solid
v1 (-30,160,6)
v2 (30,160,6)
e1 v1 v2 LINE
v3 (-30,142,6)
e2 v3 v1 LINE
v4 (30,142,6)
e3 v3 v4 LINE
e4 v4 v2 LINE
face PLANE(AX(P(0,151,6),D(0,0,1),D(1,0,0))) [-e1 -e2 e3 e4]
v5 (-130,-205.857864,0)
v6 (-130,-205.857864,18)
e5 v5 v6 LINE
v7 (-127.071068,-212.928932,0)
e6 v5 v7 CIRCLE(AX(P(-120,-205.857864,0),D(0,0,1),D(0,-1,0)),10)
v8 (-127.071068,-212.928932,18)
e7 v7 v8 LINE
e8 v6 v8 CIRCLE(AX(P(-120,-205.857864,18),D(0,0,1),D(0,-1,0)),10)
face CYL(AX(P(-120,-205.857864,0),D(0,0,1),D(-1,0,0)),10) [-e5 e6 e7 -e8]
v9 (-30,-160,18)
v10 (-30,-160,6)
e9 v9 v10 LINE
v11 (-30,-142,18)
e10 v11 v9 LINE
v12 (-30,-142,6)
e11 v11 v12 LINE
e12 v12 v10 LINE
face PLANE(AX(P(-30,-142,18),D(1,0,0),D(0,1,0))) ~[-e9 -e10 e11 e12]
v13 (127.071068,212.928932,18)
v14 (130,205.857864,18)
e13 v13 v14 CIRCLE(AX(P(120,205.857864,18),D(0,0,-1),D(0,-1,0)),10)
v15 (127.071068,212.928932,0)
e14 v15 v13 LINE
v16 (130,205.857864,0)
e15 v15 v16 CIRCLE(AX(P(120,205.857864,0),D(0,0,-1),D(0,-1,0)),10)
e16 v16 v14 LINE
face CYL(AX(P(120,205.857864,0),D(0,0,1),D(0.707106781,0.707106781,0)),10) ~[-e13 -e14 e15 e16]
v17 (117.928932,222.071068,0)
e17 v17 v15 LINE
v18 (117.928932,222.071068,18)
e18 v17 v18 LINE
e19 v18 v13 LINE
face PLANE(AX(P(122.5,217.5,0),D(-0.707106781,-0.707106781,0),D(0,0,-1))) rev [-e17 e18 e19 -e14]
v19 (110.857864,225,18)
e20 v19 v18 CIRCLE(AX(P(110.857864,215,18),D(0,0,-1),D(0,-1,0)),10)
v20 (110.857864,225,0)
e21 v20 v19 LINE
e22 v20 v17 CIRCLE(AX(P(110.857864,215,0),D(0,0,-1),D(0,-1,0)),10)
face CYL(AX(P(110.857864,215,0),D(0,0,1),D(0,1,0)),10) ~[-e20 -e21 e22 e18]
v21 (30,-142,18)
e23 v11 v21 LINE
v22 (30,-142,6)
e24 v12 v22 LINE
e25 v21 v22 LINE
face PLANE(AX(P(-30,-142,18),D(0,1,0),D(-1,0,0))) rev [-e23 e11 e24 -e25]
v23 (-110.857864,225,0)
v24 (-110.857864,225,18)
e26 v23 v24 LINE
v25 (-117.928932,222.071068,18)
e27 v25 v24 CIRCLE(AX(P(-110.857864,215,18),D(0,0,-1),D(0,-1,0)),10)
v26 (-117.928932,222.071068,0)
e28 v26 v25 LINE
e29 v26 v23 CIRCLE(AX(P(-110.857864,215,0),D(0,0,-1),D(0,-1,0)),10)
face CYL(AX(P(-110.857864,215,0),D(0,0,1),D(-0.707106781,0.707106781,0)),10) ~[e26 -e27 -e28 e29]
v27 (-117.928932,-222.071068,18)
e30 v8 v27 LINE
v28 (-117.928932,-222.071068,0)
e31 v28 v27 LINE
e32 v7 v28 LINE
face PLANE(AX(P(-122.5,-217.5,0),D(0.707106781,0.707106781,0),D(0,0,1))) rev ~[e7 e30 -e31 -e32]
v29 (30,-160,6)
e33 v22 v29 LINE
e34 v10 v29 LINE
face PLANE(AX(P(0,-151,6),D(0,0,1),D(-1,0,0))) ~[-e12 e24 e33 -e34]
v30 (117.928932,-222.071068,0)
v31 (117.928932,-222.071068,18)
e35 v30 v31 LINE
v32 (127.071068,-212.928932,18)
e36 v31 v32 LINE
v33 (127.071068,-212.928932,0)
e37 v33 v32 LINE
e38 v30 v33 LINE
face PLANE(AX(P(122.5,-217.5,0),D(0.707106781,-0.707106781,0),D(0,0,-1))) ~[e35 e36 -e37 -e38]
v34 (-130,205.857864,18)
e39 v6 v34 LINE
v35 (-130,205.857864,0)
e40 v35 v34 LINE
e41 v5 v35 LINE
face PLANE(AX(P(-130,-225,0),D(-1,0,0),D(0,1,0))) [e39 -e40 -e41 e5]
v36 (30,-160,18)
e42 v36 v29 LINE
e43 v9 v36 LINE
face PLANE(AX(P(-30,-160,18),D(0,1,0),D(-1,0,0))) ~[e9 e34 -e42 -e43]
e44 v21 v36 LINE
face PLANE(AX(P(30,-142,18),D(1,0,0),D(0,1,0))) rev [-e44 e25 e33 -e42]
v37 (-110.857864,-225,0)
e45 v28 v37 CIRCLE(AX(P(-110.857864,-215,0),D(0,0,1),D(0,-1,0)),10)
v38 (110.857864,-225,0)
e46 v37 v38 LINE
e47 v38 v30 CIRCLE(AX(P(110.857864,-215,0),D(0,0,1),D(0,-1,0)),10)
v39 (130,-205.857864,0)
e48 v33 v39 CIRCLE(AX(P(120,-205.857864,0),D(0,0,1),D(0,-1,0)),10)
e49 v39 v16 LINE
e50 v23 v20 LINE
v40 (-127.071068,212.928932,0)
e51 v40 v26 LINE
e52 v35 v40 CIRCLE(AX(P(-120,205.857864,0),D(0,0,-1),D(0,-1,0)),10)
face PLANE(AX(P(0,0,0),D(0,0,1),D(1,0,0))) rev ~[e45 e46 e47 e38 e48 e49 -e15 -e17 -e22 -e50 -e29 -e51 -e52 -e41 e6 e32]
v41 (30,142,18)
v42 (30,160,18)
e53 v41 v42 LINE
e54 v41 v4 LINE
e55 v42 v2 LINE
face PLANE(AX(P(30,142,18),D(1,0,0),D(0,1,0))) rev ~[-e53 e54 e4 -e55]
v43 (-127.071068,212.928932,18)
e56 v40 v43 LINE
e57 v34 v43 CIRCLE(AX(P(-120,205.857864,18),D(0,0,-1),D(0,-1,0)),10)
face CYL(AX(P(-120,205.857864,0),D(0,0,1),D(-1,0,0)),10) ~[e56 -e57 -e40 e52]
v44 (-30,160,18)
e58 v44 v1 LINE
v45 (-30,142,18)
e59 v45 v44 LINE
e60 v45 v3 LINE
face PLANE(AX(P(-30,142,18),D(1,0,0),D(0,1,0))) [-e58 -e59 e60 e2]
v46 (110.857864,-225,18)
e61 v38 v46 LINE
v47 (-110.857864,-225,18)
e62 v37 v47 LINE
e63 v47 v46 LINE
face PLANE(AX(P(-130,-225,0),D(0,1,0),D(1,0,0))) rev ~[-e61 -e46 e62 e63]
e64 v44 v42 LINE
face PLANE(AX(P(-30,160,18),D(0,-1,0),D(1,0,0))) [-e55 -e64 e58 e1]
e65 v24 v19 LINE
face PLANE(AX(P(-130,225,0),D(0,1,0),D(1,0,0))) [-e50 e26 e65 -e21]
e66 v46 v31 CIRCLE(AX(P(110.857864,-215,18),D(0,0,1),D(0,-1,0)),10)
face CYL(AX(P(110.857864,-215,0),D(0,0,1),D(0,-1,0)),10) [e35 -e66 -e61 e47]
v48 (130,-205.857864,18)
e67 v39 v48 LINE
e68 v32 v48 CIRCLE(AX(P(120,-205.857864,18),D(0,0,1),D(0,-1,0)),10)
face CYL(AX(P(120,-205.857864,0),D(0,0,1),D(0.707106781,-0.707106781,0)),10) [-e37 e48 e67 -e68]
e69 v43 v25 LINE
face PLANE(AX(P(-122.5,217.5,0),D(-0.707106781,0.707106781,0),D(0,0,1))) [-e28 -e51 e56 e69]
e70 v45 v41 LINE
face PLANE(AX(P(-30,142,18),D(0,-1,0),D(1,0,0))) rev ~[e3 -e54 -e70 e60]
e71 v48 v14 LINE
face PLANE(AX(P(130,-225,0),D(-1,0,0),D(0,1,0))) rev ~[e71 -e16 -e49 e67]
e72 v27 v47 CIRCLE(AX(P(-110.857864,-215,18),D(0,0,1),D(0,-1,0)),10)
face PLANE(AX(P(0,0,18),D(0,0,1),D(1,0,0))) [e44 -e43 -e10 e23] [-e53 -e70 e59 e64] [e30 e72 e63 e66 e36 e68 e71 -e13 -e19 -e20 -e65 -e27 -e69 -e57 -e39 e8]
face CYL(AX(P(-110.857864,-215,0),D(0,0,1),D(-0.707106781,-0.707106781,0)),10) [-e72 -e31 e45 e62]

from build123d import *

# Parameters (mm, degrees)
SKETCH_W     = 260
SKETCH_H     = 450
PAD_DEPTH    = 18
SKETCH001_W  = 60
SKETCH001_H  = 18
POCKET_DEPTH = 12
CHAMFER_SIZE = 15
FILLET_R     = 10


with BuildPart() as part:
    # Sketch → Pad (new body)
    with BuildSketch(Plane.XY):
        Rectangle(SKETCH_W, SKETCH_H)
    extrude(amount=PAD_DEPTH)

    # Sketch001 → Pocket (cut)
    with BuildSketch(Plane.XY.offset(18)):
        with Locations((0, 151)):
            Rectangle(SKETCH001_W, SKETCH001_H)
    pocket = extrude(amount=-POCKET_DEPTH, mode=Mode.SUBTRACT)

    # Mirrored: Pocket across Sketch001 H_Axis
    add(pocket.mirror(Plane(origin=(0, 0, 18), x_dir=(0, 0, 1), z_dir=(0, 1, 0))), mode=Mode.SUBTRACT)

    # Chamfer
    chamfer_edges = [part.edges().sort_by_distance(p)[0] for p in [
        (-130, -225, 9),
        (-130, 225, 9),
        (130, 225, 9),
        (130, -225, 9),
    ]]
    chamfer(chamfer_edges, length=CHAMFER_SIZE)

    # Fillet
    fillet_edges = [part.edges().sort_by_distance(p)[0] for p in [
        (115, -225, 9),
        (130, -210, 9),
        (-115, -225, 9),
        (-130, -210, 9),
        (-130, 210, 9),
        (-115, 225, 9),
        (115, 225, 9),
        (130, 210, 9),
    ]]
    fillet(fillet_edges, radius=FILLET_R)


solid = part.part
